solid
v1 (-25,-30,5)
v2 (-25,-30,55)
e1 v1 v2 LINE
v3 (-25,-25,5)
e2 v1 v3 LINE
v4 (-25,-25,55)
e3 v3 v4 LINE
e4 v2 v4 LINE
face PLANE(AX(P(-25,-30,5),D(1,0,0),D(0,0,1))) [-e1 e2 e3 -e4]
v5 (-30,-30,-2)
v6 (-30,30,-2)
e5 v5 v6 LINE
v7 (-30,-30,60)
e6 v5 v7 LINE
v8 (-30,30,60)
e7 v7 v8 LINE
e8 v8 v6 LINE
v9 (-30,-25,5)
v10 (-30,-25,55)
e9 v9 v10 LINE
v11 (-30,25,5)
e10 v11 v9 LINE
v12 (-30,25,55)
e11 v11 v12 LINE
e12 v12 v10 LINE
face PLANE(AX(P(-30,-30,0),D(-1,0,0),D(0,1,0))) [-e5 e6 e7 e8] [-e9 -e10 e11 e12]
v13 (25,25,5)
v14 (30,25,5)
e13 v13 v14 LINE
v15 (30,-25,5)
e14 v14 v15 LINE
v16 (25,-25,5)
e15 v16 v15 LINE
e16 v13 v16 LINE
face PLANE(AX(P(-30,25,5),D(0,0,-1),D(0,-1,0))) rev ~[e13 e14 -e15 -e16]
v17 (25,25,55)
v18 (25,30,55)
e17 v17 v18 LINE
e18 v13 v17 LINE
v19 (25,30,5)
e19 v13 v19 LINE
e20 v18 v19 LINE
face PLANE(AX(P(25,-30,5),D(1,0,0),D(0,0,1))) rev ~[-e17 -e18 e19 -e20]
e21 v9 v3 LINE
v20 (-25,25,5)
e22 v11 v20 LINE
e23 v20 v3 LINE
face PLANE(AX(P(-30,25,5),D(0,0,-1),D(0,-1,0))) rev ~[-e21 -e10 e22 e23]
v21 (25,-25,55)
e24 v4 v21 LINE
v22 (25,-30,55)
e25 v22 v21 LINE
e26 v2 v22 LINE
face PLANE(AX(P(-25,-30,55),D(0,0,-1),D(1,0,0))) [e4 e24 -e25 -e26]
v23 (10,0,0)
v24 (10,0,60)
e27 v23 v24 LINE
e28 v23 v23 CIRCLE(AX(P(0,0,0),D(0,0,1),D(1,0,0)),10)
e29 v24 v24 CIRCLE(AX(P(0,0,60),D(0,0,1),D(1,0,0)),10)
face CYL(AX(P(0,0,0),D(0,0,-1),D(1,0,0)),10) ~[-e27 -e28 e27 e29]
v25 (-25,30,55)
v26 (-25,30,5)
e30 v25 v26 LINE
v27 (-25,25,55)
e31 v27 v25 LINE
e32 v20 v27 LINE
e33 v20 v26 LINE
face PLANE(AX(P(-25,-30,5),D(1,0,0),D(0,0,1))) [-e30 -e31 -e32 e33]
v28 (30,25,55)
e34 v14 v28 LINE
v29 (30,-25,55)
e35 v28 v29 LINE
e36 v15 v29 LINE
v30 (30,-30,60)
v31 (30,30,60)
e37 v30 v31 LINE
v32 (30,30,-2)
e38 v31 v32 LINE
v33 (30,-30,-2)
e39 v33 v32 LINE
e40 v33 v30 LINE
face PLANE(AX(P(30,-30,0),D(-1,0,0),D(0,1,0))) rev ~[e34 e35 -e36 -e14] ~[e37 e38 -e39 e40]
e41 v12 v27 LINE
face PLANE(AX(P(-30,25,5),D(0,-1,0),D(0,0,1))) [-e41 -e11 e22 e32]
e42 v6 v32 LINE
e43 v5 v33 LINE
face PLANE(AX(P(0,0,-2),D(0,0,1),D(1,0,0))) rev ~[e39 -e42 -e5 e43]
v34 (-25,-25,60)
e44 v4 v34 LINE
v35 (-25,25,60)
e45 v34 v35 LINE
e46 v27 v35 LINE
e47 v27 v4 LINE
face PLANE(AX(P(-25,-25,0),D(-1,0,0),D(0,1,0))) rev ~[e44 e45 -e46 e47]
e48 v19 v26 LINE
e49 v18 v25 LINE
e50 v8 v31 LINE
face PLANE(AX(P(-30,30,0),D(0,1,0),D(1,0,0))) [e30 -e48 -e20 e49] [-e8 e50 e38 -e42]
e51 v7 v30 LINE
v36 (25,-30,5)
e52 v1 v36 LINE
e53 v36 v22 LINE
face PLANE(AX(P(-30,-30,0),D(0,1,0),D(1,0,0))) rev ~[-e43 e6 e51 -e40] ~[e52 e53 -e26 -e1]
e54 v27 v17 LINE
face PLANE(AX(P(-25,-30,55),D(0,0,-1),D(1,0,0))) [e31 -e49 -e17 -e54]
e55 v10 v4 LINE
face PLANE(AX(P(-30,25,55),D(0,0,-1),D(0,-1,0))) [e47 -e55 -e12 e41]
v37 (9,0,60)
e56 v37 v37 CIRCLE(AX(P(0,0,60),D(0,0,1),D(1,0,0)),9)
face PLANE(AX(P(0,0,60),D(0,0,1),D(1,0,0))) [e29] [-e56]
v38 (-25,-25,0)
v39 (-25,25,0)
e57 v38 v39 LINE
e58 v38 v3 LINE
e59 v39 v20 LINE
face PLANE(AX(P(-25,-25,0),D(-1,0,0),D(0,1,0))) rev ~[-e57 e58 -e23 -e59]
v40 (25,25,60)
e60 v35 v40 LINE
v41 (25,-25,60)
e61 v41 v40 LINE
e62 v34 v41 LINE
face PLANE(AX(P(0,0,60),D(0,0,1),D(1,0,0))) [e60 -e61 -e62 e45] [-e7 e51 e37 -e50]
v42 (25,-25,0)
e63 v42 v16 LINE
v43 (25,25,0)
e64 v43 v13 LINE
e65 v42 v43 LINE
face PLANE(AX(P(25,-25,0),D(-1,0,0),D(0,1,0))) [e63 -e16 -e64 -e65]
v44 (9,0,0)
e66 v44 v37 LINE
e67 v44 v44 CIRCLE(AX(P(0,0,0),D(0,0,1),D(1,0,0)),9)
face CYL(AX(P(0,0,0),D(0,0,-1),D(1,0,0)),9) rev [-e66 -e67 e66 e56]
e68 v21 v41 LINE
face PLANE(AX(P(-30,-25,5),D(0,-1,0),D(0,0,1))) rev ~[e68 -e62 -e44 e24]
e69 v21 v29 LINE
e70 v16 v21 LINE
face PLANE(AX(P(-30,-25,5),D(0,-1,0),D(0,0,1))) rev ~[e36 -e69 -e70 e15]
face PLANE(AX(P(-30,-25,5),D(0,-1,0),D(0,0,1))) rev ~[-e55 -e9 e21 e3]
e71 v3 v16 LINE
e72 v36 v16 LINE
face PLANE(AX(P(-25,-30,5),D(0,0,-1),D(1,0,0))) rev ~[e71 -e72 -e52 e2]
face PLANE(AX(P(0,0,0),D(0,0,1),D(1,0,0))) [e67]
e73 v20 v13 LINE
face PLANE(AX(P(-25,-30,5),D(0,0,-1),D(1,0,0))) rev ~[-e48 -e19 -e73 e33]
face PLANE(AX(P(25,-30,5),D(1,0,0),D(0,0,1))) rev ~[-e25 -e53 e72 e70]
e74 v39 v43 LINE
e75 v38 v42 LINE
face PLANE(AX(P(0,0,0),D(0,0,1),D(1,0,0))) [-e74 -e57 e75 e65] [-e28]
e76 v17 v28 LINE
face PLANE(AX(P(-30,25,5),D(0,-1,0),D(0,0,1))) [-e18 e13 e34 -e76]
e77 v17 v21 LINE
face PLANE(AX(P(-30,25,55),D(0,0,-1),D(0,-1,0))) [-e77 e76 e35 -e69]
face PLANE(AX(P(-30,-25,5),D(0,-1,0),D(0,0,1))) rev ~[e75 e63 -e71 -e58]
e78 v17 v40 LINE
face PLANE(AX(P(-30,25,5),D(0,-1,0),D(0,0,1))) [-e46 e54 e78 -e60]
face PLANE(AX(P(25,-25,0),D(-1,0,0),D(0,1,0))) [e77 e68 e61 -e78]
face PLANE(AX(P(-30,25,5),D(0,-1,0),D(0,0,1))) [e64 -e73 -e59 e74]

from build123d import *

# Parameters (mm, degrees)
F0_W     = 60
F0_H     = 60
F0_W_2   = 50
F0_H_2   = 50
F0_R     = 10
F0_R_2   = 9
F1_DEPTH = 2
F2_DEPTH = 60
F3_W     = 50
F3_H     = 50
F4_DEPTH = 60.001
F5_W     = 50
F5_H     = 50
F6_DEPTH = 60.001
F7_DEPTH = 60


with BuildPart() as f1:
    # F0 (on Top) → F1 (new body)
    with BuildSketch(Plane.XY):
        Rectangle(F0_W, F0_H)
        Rectangle(F0_W_2, F0_H_2, mode=Mode.SUBTRACT)
        Rectangle(F0_W_2, F0_H_2)
        Circle(F0_R, mode=Mode.SUBTRACT)
        Circle(F0_R)
        Circle(F0_R_2, mode=Mode.SUBTRACT)
        Circle(F0_R_2)
    extrude(amount=-F1_DEPTH)

    # F0 (on Top) → F2 (join)
    with BuildSketch(Plane.XY):
        Rectangle(F0_W, F0_H)
        Rectangle(F0_W_2, F0_H_2, mode=Mode.SUBTRACT)
    extrude(amount=F2_DEPTH)

    # F3 (on face) → F4 (cut, through all)
    with BuildSketch(Plane(origin=(-30, 0, 0), x_dir=(0, -1, 0), z_dir=(-1, 0, 0))):
        with Locations((0, 30)):
            Rectangle(F3_W, F3_H)
    extrude(amount=-F4_DEPTH, mode=Mode.SUBTRACT)

    # F5 (on face) → F6 (cut, through all)
    with BuildSketch(Plane.XZ.offset(30)):
        with Locations((0, 30)):
            Rectangle(F5_W, F5_H)
    extrude(amount=-F6_DEPTH, mode=Mode.SUBTRACT)

    # F0 (on Top) → F7 (join)
    with BuildSketch(Plane.XY):
        Circle(F0_R)
        Circle(F0_R_2, mode=Mode.SUBTRACT)
    extrude(amount=F7_DEPTH)


solid = f1.part
